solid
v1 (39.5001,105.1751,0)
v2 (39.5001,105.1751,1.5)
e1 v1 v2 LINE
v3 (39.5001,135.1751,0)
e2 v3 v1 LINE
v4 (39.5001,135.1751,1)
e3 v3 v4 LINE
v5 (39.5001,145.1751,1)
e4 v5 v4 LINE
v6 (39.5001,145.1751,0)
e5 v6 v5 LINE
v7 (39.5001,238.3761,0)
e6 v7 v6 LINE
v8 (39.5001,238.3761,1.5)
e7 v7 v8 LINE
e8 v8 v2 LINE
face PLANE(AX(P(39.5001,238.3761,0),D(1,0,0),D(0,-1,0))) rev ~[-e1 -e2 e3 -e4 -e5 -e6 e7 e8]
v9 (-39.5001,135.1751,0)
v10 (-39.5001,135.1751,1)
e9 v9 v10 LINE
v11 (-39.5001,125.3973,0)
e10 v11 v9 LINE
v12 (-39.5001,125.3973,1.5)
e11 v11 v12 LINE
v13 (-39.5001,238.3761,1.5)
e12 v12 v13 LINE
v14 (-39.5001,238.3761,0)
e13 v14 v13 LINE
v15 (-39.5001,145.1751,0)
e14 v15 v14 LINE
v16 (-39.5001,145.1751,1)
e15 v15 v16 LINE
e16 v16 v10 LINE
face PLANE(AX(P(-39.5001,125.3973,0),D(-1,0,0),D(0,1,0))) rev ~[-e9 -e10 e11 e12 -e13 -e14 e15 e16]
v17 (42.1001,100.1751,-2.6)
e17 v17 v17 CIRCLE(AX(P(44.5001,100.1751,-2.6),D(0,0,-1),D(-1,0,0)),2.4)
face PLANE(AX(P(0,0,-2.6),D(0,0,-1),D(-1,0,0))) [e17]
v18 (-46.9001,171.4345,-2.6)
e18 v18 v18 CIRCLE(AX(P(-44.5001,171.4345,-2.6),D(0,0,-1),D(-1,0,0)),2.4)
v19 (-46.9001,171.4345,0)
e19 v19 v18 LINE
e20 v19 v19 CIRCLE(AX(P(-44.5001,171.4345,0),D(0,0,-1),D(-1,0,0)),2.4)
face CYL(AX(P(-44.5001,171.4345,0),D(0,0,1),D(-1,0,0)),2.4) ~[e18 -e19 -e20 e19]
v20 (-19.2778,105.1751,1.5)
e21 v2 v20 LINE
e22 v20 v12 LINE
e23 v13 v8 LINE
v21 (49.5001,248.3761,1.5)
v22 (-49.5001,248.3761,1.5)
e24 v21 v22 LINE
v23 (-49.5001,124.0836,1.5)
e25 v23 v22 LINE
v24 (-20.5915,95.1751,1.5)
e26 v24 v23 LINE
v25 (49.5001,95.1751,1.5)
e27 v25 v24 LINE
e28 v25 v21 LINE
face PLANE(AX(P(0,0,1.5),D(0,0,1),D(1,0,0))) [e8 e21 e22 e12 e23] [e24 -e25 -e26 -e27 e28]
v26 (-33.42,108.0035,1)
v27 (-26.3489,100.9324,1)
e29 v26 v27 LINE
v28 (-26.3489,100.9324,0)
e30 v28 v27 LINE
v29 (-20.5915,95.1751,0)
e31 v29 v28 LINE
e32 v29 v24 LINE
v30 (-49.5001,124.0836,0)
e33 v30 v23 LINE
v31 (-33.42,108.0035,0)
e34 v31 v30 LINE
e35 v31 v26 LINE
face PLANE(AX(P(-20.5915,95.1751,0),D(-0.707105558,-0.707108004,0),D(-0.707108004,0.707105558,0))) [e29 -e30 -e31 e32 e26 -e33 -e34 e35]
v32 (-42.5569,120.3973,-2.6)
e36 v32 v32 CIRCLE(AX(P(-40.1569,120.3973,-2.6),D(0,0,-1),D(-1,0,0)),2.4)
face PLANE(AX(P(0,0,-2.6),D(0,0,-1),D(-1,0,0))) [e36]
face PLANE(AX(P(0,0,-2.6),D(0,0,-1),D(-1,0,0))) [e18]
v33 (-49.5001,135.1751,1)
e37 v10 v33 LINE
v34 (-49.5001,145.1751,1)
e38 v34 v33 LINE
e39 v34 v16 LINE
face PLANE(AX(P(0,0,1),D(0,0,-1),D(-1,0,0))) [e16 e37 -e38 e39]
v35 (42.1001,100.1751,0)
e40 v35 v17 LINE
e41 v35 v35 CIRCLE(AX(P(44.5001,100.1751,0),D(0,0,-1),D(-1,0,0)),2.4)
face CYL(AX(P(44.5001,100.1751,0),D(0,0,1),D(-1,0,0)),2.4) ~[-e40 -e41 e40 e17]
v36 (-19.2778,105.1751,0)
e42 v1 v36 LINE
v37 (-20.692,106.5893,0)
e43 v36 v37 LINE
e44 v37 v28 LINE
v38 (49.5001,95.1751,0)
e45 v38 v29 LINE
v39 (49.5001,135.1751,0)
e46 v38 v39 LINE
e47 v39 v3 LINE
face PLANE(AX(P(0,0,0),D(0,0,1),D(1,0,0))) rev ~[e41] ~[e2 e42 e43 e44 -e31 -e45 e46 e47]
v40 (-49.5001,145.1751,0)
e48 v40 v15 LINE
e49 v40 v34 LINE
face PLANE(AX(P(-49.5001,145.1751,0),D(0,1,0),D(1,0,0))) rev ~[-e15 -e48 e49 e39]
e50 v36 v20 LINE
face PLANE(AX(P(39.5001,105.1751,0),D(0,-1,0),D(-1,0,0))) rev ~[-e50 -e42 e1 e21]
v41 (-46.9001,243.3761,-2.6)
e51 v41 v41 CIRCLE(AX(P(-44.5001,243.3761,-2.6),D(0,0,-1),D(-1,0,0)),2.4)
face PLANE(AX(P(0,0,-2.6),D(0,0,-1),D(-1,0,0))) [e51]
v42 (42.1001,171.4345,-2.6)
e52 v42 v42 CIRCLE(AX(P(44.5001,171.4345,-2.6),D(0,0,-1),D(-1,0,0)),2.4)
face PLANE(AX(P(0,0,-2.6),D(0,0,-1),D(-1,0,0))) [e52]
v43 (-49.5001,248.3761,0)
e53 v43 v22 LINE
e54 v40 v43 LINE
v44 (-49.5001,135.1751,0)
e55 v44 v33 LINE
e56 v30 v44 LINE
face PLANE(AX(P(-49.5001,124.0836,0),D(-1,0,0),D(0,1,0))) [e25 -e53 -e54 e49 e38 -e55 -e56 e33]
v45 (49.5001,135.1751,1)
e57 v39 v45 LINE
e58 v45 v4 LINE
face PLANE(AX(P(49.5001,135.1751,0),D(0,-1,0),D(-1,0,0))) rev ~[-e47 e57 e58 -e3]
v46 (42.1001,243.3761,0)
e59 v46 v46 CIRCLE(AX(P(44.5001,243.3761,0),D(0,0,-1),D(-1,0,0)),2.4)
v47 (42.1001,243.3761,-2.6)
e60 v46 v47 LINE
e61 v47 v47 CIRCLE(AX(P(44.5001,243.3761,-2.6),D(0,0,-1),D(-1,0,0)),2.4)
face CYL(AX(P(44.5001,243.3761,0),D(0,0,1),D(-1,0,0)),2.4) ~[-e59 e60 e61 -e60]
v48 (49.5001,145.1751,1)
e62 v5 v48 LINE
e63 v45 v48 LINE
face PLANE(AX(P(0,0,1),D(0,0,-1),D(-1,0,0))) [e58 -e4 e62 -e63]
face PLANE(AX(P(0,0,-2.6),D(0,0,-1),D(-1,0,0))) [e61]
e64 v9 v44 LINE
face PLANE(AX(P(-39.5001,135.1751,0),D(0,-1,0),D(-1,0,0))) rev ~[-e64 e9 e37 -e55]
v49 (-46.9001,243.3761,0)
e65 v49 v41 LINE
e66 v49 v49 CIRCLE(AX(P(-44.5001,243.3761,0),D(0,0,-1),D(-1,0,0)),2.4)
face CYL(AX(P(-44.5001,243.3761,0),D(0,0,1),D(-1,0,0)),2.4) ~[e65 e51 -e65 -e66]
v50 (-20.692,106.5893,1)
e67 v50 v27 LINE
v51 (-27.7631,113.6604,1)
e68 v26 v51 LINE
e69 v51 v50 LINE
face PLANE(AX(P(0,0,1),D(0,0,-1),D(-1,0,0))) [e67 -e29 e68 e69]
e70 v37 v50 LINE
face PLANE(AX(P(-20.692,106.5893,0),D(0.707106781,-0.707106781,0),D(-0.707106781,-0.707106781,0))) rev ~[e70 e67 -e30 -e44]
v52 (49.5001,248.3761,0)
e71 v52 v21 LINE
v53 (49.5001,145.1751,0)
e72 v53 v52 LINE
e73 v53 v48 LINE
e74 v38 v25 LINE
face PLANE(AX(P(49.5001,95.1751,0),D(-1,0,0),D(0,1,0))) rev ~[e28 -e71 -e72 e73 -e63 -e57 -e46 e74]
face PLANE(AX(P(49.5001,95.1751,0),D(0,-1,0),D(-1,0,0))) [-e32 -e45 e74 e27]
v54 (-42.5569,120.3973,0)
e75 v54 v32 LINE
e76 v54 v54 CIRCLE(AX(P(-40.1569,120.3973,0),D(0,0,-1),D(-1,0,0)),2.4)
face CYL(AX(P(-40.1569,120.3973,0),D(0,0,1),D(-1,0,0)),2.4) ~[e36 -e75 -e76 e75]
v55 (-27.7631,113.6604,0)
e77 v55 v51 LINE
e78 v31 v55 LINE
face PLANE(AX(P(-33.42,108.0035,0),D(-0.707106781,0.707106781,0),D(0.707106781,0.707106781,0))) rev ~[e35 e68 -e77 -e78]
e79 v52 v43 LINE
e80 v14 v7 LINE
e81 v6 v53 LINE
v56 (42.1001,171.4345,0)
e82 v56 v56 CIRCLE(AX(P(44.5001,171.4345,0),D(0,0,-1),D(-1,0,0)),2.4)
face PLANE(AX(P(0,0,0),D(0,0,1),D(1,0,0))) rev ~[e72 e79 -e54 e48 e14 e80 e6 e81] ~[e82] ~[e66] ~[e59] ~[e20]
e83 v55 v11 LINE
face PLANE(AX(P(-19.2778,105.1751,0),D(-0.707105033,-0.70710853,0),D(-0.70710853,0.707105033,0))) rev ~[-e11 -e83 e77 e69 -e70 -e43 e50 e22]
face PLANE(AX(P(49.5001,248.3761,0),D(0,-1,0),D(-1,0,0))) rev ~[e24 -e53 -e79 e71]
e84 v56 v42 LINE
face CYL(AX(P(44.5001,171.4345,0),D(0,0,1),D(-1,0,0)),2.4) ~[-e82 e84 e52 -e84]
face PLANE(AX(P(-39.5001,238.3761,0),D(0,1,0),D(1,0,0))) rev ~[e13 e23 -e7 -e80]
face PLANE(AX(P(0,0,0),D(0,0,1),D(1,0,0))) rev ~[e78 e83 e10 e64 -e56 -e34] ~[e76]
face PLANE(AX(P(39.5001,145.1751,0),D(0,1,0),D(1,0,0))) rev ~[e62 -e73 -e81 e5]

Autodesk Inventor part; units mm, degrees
ref_plane "YZ Plane" through (0, 0, 0) normal (1, 0, 0) x (0, 1, 0)
ref_plane "XZ Plane" through (0, 0, 0) normal (0, 1, 0) x (-1, 0, 0)
ref_plane "XY Plane" through (0, 0, 0) normal (0, 0, 1) x (1, 0, 0)
sketch "Skizze1" plane through (0, 0, 0) normal (0, 0, 1) x (1, 0, 0)
  line L0 (49.5001, 248.3761) -> (-49.5001, 248.3761) projected
  line L1 (49.5001, 95.1751) -> (49.5001, 248.3761) projected
  line L2 (-49.5001, 248.3761) -> (-49.5001, 95.1751) construction
  line L3 (-49.5001, 95.1751) -> (49.5001, 95.1751) construction
  line L4 (49.5001, 95.1751) -> (-20.5915, 95.1751)
  line L5 (-20.5915, 95.1751) -> (-49.5001, 124.0836)
  line L6 (-49.5001, 124.0836) -> (-49.5001, 248.3761)
  line L7 (-39.5001, 238.3761) -> (39.5001, 238.3761)
  line L8 (39.5001, 238.3761) -> (39.5001, 105.1751)
  line L9 (39.5001, 105.1751) -> (-19.2778, 105.1751)
  line L10 (-19.2778, 105.1751) -> (-39.5001, 125.3973)
  line L11 (-39.5001, 125.3973) -> (-39.5001, 238.3761)
  circle A0 centre (44.5001, 243.3761) radius 2.5 projected
  circle A1 centre (-44.5001, 243.3761) radius 2.5 projected
  circle A2 centre (-44.5001, 171.4345) radius 2.5 projected
  circle A3 centre (44.5001, 171.4345) radius 2.5 projected
  circle A4 centre (44.5001, 100.1751) radius 2.5 projected
  circle A5 centre (-20.9666, 110.5265) radius 1.75 projected
  circle A6 centre (-24.6237, 114.0565) radius 1.75 projected
  circle A7 centre (-44.8001, 100.0237) radius 1.75 projected
  circle A8 centre (-29.7001, 100.0237) radius 1.75 projected
  point P0 (0, 0)
  dimension "d0" = 135
  dimension "d1" = 8
  dimension "d3" = 10
  dimension "d4" = 10
  dimension "d5" = 10
  dimension "d6" = 10
  dimension "d22" = 2.5
extrude "Extrusion1" add sketch "Skizze1" along normal blind 1.5 contours L1 L4 L5 L6 L0 | A0 | A1 | A2 | A3 | A4
sketch "Skizze2" plane through (0, 0, 0) normal (0, 0, -1) x (-1, 0, 0)
  circle A0 centre (-44.5001, 100.1751) radius 2.5 projected
  circle A1 centre (-44.5001, 171.4345) radius 2.5 projected
  circle A2 centre (-44.5001, 243.3761) radius 2.5 projected
  circle A3 centre (40.1569, 120.3973) radius 2.5 projected
  circle A4 centre (44.5001, 171.4345) radius 2.5 projected
  circle A5 centre (44.5001, 243.3761) radius 2.5 projected
  circle A6 centre (-44.5001, 100.1751) radius 2.4
  circle A7 centre (-44.5001, 171.4345) radius 2.4
  circle A8 centre (-44.5001, 243.3761) radius 2.4
  circle A9 centre (44.5001, 243.3761) radius 2.4
  circle A10 centre (44.5001, 171.4345) radius 2.4
  circle A11 centre (40.1569, 120.3973) radius 2.4
  dimension "d23" = 0.1
  dimension "d24" = 4.8
  dimension "d25" = 4.8
  dimension "d26" = 4.8
  dimension "d27" = 4.8
  dimension "d28" = 4.8
  dimension "d29" = 4.8
extrude "Extrusion2" add sketch "Skizze2" along normal blind 2.6 contours A6 | A7 | A8 | A9 | A10 | A11
sketch "Skizze3" plane through (0, 0, 0) normal (0, 0, -1) x (-1, 0, 0)
  line L0 (-49.5001, 95.1751) -> (-49.5001, 248.3761) projected
  line L1 (-39.5001, 238.3761) -> (-39.5001, 105.1751) projected
  line L2 (-49.5001, 135.1751) -> (-39.5001, 135.1751)
  line L3 (-39.5001, 135.1751) -> (-39.5001, 145.1751)
  line L4 (-39.5001, 145.1751) -> (-49.5001, 145.1751)
  line L5 (-49.5001, 145.1751) -> (-49.5001, 135.1751)
  line L6 (39.5001, 238.3761) -> (39.5001, 125.3973) projected
  line L7 (49.5001, 248.3761) -> (49.5001, 124.0836) projected
  line L8 (39.5001, 135.1751) -> (49.5001, 135.1751)
  line L9 (49.5001, 135.1751) -> (49.5001, 145.1751)
  line L10 (49.5001, 145.1751) -> (39.5001, 145.1751)
  line L11 (39.5001, 145.1751) -> (39.5001, 135.1751)
  line L12 (39.5001, 125.3973) -> (19.2778, 105.1751) projected
  line L13 (20.692, 106.5893) -> (26.3489, 100.9324)
  line L14 (49.5001, 124.0836) -> (20.5915, 95.1751) projected
  line L15 (26.3489, 100.9324) -> (33.42, 108.0035)
  line L16 (33.42, 108.0035) -> (27.7631, 113.6604)
  line L17 (27.7631, 113.6604) -> (20.692, 106.5893)
  line L18 (20.5915, 95.1751) -> (-49.5001, 95.1751) projected
  point P0 (0, 0)
  dimension "d11" = 10
  dimension "d12" = 10
  dimension "d13" = 10
  dimension "d14" = 0
  dimension "d15" = 40
  dimension "d16" = 2
extrude "Extrusion3" cut sketch "Skizze3" against normal blind 1 contours L0 L4 L1 L2 | L13 L12 L16 L14 | L8 L6 L10 L7
equation "\"d4\" = d3"
equation "\"d5\" = d3"
equation "\"d6\" = d3"
equation "\"d25\" = d24"
equation "\"d26\" = d24"
equation "\"d27\" = d24"
equation "\"d28\" = d24"
equation "\"d29\" = d24"
equation "\"d12\" = d11"
equation "\"d13\" = d11"
properties part number "Backplate_V2"
